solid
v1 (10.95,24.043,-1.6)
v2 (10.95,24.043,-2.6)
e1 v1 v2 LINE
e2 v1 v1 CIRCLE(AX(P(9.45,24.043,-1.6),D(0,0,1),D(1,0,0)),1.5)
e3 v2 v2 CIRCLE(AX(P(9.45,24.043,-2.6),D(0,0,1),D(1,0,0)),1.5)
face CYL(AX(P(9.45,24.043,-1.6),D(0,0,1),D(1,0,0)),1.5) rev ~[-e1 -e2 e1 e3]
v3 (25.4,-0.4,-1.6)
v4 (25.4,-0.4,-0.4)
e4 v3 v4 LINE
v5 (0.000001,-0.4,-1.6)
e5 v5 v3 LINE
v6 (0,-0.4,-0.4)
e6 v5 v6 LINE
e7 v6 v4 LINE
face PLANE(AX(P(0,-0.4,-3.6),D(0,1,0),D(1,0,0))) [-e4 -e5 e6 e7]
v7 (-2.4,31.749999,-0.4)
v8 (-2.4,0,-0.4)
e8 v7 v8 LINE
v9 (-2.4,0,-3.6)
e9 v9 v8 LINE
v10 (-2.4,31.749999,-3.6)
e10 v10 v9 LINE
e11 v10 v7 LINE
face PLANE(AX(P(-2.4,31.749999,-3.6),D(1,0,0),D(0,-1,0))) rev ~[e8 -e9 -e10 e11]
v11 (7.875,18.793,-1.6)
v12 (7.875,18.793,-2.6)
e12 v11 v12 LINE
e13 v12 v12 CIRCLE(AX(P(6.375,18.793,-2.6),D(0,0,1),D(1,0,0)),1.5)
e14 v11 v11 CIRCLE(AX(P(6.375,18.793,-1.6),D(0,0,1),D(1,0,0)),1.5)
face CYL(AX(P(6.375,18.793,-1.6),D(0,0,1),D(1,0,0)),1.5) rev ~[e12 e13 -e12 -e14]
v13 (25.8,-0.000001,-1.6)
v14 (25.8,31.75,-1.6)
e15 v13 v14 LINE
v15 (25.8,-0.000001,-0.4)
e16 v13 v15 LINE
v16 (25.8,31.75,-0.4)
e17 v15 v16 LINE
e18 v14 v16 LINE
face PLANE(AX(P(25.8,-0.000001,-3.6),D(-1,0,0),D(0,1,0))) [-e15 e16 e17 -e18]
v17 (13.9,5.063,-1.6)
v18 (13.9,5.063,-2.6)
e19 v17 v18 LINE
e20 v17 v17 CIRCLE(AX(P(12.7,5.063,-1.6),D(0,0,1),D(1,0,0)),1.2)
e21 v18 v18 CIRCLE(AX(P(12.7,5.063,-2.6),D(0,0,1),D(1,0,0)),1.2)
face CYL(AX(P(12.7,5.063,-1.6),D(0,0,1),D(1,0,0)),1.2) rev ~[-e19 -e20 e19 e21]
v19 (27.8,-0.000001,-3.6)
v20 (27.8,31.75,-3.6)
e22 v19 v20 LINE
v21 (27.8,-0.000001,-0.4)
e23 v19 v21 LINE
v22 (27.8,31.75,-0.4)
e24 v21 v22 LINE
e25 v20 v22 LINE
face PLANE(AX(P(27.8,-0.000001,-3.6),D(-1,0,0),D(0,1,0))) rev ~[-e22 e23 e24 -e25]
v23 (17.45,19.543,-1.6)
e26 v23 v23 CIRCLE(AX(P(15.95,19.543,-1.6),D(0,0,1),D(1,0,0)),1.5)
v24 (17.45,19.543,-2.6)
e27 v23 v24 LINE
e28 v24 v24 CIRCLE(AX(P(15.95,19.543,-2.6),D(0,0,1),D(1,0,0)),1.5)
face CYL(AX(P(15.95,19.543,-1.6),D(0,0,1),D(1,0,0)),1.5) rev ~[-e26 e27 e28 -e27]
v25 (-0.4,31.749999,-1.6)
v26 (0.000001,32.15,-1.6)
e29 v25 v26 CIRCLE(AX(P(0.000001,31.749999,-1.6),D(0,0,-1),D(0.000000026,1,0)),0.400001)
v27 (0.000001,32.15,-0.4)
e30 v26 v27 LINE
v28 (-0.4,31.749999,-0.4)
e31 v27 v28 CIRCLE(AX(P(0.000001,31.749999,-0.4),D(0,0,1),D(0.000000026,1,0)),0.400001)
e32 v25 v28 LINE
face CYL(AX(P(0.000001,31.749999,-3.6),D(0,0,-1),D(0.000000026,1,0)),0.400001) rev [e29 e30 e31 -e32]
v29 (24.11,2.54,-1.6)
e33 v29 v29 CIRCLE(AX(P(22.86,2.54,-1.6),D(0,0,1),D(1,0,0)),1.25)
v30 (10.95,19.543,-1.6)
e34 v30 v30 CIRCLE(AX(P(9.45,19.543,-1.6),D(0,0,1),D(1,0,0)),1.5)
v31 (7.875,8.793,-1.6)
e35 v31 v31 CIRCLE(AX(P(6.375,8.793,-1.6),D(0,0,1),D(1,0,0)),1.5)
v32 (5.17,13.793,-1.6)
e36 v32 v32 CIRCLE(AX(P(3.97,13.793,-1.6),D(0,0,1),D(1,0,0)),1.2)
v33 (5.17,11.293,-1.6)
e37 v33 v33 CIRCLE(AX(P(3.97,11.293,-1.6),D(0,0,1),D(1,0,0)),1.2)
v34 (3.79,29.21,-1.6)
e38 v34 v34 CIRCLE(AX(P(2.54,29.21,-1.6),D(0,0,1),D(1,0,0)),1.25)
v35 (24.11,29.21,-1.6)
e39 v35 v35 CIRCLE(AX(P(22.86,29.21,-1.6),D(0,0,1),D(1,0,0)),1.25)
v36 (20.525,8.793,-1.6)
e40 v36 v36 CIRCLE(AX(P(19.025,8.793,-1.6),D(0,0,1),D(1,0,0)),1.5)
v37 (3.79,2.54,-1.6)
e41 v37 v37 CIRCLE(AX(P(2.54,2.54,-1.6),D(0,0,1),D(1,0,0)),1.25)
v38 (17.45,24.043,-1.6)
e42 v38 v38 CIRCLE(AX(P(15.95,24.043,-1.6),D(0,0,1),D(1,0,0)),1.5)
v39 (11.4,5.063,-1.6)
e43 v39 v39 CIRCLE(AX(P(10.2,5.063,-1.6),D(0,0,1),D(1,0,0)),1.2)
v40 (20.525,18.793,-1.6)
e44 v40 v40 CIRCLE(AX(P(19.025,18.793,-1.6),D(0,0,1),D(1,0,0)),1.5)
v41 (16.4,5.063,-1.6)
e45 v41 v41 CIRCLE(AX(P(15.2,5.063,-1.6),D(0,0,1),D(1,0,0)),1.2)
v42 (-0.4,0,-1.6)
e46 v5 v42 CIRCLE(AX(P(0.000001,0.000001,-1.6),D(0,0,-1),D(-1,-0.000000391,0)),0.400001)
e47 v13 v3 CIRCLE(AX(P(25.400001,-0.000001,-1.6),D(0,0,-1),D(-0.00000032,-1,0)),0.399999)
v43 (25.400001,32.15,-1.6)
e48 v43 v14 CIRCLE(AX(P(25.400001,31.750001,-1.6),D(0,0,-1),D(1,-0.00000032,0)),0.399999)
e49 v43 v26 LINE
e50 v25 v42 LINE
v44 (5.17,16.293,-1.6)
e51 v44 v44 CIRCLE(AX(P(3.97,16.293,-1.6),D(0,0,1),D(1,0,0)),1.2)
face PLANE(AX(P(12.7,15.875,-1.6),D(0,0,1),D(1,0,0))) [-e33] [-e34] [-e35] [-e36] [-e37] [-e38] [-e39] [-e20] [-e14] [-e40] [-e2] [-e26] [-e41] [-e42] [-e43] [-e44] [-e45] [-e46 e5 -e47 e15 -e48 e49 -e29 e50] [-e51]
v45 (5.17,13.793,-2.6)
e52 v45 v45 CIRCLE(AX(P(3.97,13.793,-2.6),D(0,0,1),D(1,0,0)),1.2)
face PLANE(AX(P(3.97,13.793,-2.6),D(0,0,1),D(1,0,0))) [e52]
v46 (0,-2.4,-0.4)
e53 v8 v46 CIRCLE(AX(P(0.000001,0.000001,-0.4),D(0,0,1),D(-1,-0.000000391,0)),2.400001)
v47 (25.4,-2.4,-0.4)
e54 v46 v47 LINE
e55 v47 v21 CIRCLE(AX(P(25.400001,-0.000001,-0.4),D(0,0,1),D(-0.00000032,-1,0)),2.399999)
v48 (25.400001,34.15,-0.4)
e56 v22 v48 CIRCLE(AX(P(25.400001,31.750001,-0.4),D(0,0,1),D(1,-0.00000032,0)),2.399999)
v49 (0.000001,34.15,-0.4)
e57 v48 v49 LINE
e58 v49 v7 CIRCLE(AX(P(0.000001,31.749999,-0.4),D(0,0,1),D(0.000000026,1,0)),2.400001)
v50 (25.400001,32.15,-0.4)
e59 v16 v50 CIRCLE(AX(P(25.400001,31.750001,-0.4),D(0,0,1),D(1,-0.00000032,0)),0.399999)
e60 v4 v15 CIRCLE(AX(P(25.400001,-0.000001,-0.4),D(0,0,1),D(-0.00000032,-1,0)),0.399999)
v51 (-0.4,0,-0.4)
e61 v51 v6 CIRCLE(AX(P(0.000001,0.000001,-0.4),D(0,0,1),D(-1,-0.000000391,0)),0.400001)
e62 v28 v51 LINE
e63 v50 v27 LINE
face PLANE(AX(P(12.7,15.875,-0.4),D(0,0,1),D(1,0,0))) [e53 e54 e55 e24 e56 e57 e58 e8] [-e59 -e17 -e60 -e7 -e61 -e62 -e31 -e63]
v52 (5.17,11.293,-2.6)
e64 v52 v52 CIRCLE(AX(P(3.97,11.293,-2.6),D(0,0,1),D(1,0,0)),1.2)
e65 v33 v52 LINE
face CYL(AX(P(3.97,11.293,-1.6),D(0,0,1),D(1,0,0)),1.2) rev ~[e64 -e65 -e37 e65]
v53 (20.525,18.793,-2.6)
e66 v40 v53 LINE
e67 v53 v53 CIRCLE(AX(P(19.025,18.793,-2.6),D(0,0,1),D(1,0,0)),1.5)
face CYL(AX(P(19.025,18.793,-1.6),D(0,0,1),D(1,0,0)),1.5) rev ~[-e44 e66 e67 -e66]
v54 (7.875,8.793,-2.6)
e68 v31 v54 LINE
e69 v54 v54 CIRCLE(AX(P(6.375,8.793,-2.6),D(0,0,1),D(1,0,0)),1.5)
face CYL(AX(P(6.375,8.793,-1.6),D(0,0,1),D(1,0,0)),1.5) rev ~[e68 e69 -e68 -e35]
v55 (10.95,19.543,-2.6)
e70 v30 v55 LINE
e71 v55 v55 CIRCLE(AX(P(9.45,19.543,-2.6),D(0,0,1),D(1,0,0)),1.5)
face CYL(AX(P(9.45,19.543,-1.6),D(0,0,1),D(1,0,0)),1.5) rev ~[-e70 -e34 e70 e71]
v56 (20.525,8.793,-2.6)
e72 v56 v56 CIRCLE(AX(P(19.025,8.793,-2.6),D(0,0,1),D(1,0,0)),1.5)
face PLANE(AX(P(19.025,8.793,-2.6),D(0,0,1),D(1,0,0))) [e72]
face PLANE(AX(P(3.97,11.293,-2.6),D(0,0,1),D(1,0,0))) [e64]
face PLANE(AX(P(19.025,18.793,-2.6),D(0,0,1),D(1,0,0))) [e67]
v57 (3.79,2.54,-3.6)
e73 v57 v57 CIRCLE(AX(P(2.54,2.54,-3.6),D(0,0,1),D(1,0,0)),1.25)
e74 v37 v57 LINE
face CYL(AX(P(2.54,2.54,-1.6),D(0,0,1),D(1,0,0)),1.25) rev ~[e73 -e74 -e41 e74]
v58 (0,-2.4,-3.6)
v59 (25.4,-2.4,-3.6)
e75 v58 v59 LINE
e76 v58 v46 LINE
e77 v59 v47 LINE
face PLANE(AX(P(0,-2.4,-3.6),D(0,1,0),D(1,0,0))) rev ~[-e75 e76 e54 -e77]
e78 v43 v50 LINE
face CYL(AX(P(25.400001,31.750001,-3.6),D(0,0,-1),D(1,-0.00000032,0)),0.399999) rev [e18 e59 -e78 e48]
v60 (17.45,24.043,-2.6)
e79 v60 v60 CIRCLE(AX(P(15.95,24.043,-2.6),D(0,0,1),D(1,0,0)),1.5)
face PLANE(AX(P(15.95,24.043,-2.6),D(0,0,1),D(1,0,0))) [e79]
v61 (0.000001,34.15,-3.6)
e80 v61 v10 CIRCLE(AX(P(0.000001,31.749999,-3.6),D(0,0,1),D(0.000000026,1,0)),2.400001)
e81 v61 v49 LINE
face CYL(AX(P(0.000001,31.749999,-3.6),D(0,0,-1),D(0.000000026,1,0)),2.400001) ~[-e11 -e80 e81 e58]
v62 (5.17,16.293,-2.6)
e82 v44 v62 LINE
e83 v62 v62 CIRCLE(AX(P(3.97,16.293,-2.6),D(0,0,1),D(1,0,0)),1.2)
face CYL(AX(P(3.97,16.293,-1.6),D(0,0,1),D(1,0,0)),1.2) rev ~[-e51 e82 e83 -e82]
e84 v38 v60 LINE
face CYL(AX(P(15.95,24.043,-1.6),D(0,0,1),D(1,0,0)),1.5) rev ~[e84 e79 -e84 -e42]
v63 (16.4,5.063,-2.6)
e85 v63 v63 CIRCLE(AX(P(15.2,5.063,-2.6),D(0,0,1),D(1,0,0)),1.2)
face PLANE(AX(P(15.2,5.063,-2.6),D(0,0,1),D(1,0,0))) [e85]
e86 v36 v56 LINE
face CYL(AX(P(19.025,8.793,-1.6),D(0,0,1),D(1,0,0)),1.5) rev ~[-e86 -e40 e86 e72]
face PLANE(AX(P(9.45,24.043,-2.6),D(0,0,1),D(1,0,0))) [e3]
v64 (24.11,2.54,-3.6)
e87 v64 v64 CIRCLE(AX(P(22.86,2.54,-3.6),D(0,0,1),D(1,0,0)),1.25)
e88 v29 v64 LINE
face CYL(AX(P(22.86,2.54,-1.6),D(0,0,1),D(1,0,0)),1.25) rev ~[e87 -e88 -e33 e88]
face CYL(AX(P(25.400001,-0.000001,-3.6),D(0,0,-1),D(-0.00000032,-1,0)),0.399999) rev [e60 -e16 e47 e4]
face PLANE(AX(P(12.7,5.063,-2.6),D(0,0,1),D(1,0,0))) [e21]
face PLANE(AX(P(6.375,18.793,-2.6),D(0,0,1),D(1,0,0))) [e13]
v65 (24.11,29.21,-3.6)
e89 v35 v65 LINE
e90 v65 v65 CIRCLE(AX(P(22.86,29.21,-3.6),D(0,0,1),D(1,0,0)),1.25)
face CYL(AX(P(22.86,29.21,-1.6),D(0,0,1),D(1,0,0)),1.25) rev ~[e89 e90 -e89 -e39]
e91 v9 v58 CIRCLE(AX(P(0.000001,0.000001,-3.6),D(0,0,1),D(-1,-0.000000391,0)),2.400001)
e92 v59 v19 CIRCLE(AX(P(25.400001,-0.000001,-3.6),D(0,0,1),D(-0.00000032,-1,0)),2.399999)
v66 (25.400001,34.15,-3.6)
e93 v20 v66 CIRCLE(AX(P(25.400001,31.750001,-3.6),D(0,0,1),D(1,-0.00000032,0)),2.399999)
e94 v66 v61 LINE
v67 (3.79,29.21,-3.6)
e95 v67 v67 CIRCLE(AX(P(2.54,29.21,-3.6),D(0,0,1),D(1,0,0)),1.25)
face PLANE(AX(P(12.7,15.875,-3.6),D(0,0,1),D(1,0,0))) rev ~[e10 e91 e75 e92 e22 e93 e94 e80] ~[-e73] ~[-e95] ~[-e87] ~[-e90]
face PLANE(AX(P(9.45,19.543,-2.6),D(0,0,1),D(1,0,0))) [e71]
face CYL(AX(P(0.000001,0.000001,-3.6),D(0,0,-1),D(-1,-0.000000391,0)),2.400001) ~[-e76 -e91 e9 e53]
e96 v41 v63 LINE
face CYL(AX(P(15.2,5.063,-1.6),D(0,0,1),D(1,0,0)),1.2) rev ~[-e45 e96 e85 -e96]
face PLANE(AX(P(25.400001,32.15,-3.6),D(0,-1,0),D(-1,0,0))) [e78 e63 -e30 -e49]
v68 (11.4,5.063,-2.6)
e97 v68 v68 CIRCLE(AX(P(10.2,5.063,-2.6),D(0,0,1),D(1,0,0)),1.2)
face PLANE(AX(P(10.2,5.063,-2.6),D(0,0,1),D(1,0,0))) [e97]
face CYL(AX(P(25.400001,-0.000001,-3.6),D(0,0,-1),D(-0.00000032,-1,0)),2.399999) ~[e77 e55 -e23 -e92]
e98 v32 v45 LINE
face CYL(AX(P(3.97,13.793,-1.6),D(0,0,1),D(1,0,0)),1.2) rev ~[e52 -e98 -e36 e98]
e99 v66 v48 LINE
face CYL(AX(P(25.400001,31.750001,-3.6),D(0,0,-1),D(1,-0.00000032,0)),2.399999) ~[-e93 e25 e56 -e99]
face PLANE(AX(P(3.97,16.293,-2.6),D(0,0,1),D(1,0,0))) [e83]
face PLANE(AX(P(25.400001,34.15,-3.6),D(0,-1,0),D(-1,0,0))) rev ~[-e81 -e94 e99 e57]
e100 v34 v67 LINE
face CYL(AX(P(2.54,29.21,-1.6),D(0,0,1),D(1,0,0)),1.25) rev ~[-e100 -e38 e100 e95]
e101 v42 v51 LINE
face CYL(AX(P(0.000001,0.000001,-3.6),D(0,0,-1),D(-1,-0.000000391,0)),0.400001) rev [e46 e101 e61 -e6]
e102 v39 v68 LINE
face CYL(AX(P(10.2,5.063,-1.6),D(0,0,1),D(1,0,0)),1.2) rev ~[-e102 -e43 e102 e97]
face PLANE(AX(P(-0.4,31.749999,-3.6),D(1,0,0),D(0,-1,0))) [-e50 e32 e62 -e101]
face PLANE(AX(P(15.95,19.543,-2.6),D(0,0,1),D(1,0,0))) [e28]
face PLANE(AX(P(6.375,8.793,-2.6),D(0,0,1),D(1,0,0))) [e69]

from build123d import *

# Parameters (mm, degrees)
PAD_DEPTH       = 3.2
THICKNESS001_T  = -2
SKETCH010_R     = 1.25
POCKET002_DEPTH = 2.001
SKETCH011_R     = 1.5
SKETCH011_R_2   = 1.2
POCKET003_DEPTH = 1


with BuildPart() as part:
    # Sketch009 → Pad (new body)
    with BuildSketch(Plane.XY):
        with BuildLine():
            Line((-2.4, 31.749999), (-2.4, 0))
            ThreePointArc((-2.4, 0), (-1.697056, -1.697056), (0, -2.4))
            Line((0, -2.4), (25.4, -2.4))
            ThreePointArc((25.4, -2.4), (27.097056, -1.697057), (27.8, -1e-06))
            Line((27.8, -1e-06), (27.8, 31.75))
            ThreePointArc((27.8, 31.75), (27.097057, 33.447056), (25.400001, 34.15))
            Line((25.400001, 34.15), (1e-06, 34.15))
            ThreePointArc((1e-06, 34.15), (-1.697056, 33.447056), (-2.4, 31.749999))
        make_face()
    extrude(amount=PAD_DEPTH)

    # Thickness001
    thickness001_openings = [part.faces().sort_by_distance(p)[0] for p in [
        (12.7, 15.875, 3.2),
    ]]
    offset(amount=THICKNESS001_T, openings=thickness001_openings)

    # Sketch010 (on Face19 of Thickness001) → Pocket002 (cut, through all)
    with BuildSketch(Plane.XY.offset(2)):
        with Locations((2.54, 29.21)):
            Circle(SKETCH010_R)
        with Locations((22.86, 29.21)):
            Circle(SKETCH010_R)
        with Locations((22.86, 2.54)):
            Circle(SKETCH010_R)
        with Locations((2.54, 2.54)):
            Circle(SKETCH010_R)
    extrude(amount=-POCKET002_DEPTH, mode=Mode.SUBTRACT)

    # Sketch011 (on Face23 of Pocket002) → Pocket003 (cut)
    with BuildSketch(Plane.XY.offset(2)):
        with Locations((9.45, 24.043)):
            Circle(SKETCH011_R)
        with Locations((15.95, 24.043)):
            Circle(SKETCH011_R)
        with Locations((15.95, 19.543)):
            Circle(SKETCH011_R)
        with Locations((19.025, 18.793)):
            Circle(SKETCH011_R)
        with Locations((19.025, 8.793)):
            Circle(SKETCH011_R)
        with Locations((9.45, 19.543)):
            Circle(SKETCH011_R)
        with Locations((6.375, 18.793)):
            Circle(SKETCH011_R)
        with Locations((6.375, 8.793)):
            Circle(SKETCH011_R)
        with Locations((3.97, 16.293)):
            Circle(SKETCH011_R_2)
        with Locations((3.97, 13.793)):
            Circle(SKETCH011_R_2)
        with Locations((3.97, 11.293)):
            Circle(SKETCH011_R_2)
        with Locations((10.2, 5.063)):
            Circle(SKETCH011_R_2)
        with Locations((12.7, 5.063)):
            Circle(SKETCH011_R_2)
        with Locations((15.2, 5.063)):
            Circle(SKETCH011_R_2)
    extrude(amount=-POCKET003_DEPTH, mode=Mode.SUBTRACT)


with BuildPart() as part_1:
    # Body placement: moved
    add(part.part.moved(Location((0, 0, -3.6))))


solid = part_1.part
